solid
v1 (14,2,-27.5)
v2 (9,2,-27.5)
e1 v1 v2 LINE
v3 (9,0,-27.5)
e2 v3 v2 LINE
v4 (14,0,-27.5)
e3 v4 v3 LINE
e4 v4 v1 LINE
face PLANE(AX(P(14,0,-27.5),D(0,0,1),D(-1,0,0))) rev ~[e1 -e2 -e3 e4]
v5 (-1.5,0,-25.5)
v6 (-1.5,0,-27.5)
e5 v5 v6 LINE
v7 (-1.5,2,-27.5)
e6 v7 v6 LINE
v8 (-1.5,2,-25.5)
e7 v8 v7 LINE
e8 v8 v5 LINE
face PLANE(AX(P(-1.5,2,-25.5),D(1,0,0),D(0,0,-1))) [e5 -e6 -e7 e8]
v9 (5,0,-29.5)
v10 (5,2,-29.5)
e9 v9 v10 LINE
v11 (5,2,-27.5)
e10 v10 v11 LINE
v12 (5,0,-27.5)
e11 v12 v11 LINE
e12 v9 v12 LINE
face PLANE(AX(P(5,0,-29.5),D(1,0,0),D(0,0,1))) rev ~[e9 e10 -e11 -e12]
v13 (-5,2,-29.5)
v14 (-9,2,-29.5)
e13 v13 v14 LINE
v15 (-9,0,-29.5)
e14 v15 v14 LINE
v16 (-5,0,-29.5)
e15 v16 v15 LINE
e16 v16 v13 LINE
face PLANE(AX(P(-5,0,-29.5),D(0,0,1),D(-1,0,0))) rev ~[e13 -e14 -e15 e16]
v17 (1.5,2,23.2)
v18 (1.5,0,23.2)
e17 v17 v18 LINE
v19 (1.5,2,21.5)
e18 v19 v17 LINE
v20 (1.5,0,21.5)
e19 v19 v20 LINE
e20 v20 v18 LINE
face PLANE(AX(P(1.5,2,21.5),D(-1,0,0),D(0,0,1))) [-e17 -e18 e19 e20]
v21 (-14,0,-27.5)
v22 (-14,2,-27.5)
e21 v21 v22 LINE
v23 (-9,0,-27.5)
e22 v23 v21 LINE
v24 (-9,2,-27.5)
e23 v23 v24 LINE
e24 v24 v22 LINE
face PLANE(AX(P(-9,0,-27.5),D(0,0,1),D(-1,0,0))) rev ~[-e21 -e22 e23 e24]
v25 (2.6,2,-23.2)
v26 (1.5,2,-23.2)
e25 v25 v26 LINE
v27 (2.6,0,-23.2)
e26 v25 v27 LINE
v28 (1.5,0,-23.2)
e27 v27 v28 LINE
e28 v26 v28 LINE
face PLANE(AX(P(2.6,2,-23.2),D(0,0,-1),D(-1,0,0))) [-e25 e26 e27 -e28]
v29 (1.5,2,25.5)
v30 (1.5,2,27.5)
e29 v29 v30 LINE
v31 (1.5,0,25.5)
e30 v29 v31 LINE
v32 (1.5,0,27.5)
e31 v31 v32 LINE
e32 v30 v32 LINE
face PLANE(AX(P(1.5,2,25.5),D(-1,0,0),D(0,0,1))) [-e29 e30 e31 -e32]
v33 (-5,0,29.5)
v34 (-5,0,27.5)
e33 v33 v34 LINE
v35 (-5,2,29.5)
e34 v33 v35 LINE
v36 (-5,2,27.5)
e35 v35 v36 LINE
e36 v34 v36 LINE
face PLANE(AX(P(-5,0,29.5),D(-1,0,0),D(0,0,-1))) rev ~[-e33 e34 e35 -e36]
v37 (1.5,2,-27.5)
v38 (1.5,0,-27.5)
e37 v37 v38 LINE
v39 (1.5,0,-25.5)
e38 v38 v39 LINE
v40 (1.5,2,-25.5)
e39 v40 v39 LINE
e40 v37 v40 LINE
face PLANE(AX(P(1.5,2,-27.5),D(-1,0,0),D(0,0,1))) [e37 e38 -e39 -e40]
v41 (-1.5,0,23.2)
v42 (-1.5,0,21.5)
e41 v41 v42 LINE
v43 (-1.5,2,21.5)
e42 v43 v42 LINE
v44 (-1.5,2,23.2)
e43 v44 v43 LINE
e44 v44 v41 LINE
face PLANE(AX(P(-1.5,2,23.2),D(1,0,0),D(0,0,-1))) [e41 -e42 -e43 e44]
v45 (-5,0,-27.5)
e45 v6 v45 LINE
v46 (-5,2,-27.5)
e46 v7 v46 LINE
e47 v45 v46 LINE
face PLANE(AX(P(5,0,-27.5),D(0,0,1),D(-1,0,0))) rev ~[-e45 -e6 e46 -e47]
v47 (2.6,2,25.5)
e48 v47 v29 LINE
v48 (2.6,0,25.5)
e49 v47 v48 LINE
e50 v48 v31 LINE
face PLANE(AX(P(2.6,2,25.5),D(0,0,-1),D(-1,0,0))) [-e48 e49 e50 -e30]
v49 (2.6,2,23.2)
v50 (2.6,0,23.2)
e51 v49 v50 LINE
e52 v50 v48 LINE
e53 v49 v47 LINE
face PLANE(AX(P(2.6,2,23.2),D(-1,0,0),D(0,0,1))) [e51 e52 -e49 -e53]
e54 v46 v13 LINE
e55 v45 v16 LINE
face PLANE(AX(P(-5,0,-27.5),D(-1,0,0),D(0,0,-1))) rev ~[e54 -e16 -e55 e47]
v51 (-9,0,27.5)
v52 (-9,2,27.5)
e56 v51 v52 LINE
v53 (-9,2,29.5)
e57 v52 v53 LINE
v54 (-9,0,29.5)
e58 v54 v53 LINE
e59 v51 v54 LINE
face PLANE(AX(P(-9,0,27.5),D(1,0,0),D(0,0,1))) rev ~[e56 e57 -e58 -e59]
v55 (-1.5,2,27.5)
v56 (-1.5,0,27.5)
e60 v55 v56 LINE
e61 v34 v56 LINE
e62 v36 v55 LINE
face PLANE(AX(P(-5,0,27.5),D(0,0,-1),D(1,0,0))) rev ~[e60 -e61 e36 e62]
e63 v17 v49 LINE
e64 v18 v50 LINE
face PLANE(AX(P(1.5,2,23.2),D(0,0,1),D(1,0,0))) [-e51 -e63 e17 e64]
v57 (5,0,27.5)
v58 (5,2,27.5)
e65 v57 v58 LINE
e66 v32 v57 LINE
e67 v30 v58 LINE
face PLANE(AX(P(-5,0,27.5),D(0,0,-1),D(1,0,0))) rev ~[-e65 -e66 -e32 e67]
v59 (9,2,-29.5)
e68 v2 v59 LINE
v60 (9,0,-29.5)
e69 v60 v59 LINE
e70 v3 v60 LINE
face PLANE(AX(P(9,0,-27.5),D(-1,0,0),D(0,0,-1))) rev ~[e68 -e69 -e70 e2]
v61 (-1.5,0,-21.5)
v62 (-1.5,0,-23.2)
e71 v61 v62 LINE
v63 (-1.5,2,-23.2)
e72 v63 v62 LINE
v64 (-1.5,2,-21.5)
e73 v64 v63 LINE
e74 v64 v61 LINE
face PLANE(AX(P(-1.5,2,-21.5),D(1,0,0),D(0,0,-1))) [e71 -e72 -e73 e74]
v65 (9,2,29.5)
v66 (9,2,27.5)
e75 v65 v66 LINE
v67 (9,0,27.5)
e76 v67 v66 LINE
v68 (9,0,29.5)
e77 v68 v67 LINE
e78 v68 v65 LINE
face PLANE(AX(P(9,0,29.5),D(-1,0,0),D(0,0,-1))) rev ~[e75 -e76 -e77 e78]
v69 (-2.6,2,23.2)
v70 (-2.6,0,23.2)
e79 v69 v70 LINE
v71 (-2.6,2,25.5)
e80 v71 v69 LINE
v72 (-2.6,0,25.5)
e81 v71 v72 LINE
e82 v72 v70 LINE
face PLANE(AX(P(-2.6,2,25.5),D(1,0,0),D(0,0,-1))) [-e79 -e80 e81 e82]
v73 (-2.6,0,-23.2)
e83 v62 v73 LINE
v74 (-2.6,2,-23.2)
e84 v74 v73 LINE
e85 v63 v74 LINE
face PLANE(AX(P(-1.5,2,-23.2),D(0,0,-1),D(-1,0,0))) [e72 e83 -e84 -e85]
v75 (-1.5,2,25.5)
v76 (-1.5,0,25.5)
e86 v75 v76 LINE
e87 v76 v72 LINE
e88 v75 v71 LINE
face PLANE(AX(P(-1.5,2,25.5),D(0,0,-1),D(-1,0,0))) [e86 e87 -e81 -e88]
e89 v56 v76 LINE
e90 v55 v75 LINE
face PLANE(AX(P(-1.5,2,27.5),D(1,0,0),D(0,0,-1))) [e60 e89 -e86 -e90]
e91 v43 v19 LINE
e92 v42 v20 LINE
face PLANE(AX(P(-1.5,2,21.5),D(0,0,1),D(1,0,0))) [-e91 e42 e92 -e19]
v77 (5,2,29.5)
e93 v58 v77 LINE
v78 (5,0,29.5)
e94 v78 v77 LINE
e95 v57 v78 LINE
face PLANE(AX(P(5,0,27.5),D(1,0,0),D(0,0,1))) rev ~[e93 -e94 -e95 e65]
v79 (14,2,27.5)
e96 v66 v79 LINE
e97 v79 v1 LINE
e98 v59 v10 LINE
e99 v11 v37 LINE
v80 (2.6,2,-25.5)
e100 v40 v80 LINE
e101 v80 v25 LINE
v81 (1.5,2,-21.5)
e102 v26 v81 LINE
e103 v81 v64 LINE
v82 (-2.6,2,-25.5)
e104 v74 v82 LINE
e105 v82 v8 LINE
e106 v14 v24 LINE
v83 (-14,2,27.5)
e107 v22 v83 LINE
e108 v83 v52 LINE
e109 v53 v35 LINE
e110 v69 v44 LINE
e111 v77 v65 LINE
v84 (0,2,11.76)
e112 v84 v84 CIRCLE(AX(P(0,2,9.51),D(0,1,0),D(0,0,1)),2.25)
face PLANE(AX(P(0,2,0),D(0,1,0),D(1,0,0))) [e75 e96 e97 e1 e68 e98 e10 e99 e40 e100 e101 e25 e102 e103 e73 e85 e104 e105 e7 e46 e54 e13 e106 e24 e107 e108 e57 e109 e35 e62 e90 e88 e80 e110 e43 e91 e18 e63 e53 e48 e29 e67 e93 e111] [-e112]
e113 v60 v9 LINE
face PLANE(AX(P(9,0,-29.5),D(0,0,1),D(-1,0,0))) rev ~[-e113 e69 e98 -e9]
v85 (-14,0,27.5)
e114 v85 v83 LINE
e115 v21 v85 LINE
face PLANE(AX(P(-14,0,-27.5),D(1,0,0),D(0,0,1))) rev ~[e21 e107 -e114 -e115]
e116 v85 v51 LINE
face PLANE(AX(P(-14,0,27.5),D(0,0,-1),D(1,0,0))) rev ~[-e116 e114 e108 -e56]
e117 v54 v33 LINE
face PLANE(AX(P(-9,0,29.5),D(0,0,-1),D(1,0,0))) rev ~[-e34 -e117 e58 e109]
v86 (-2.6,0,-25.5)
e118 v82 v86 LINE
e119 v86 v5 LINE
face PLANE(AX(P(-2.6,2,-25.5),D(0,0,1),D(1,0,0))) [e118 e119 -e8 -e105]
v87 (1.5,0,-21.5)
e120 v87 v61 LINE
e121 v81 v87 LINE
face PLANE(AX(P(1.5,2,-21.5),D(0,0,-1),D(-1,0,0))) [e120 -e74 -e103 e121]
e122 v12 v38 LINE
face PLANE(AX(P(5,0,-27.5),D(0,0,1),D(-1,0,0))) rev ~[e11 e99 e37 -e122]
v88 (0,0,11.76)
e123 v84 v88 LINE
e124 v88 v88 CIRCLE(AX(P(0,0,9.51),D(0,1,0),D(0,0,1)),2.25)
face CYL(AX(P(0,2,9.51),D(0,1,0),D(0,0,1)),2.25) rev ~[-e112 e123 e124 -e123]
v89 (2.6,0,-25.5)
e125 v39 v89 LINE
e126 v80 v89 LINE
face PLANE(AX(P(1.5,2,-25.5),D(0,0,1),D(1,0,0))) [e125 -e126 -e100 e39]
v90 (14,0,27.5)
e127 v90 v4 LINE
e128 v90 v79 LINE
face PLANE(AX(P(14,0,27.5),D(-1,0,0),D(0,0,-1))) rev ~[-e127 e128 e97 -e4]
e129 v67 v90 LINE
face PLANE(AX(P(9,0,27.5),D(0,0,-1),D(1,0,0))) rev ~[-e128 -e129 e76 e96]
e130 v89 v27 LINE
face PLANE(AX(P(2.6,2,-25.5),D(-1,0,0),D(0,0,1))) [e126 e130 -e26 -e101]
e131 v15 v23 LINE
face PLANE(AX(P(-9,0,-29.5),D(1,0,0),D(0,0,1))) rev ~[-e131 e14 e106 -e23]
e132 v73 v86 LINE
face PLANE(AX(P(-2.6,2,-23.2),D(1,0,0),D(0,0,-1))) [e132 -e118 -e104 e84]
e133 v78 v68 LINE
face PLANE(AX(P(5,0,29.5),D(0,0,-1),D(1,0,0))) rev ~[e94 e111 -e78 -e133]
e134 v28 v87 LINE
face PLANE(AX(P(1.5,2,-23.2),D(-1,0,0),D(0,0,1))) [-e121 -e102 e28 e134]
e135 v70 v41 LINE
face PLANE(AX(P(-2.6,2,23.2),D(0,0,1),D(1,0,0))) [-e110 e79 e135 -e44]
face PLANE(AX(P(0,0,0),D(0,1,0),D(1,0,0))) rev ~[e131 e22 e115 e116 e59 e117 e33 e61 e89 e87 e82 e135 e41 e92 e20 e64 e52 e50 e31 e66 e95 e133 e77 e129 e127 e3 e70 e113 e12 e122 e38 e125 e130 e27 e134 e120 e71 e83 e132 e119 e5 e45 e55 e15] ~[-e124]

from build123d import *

# Parameters (mm, degrees)
BOSS_EXTRUDE1_DEPTH = 2
CUT_EXTRUDE2_DEPTH  = 2
SKETCH5_R           = 2.25
CUT_EXTRUDE4_DEPTH  = 2


with BuildPart() as part:
    # Sketch1 → Boss-Extrude1 (new body)
    with BuildSketch(Plane(origin=(0, 0, 0), x_dir=(1, 0, 0), z_dir=(0, 1, 0))):
        Polygon((-14, -27.5), (-9, -27.5), (-9, -29.5), (-5, -29.5), (-5, -27.5), (5, -27.5), (5, -29.5), (9, -29.5), (9, -27.5), (14, -27.5), (14, 27.5), (9, 27.5), (9, 29.5), (5, 29.5), (5, 27.5), (-5, 27.5), (-5, 29.5), (-9, 29.5), (-9, 27.5), (-14, 27.5), (-14, 14.5), (-14, -14.5), align=None)
    extrude(amount=BOSS_EXTRUDE1_DEPTH)

    # Sketch4 → Cut-Extrude2 (cut)
    with BuildSketch(Plane(origin=(0, 2, 0), x_dir=(1, 0, 0), z_dir=(0, 1, 0))):
        Polygon((-1.5, 23.2), (-2.6, 23.2), (-2.6, 25.5), (-1.5, 25.5), (-1.5, 27.5), (1.5, 27.5), (1.5, 25.5), (2.6, 25.5), (2.6, 23.2), (1.5, 23.2), (1.5, 21.5), (-1.5, 21.5), align=None)
        Polygon((1.5, -25.5), (1.5, -27.5), (-1.5, -27.5), (-1.5, -25.5), (-2.6, -25.5), (-2.6, -23.2), (-1.5, -23.2), (-1.5, -21.5), (1.5, -21.5), (1.5, -23.2), (2.6, -23.2), (2.6, -25.5), align=None)
    extrude(amount=-CUT_EXTRUDE2_DEPTH, mode=Mode.SUBTRACT)

    # Sketch5 → Cut-Extrude4 (cut)
    with BuildSketch(Plane(origin=(0, 2, 0), x_dir=(1, 0, 0), z_dir=(0, 1, 0))):
        with Locations(Location((0, -9.51, 0), (0, 0, 270))):
            Circle(SKETCH5_R)
    extrude(amount=-CUT_EXTRUDE4_DEPTH, mode=Mode.SUBTRACT)


solid = part.part
